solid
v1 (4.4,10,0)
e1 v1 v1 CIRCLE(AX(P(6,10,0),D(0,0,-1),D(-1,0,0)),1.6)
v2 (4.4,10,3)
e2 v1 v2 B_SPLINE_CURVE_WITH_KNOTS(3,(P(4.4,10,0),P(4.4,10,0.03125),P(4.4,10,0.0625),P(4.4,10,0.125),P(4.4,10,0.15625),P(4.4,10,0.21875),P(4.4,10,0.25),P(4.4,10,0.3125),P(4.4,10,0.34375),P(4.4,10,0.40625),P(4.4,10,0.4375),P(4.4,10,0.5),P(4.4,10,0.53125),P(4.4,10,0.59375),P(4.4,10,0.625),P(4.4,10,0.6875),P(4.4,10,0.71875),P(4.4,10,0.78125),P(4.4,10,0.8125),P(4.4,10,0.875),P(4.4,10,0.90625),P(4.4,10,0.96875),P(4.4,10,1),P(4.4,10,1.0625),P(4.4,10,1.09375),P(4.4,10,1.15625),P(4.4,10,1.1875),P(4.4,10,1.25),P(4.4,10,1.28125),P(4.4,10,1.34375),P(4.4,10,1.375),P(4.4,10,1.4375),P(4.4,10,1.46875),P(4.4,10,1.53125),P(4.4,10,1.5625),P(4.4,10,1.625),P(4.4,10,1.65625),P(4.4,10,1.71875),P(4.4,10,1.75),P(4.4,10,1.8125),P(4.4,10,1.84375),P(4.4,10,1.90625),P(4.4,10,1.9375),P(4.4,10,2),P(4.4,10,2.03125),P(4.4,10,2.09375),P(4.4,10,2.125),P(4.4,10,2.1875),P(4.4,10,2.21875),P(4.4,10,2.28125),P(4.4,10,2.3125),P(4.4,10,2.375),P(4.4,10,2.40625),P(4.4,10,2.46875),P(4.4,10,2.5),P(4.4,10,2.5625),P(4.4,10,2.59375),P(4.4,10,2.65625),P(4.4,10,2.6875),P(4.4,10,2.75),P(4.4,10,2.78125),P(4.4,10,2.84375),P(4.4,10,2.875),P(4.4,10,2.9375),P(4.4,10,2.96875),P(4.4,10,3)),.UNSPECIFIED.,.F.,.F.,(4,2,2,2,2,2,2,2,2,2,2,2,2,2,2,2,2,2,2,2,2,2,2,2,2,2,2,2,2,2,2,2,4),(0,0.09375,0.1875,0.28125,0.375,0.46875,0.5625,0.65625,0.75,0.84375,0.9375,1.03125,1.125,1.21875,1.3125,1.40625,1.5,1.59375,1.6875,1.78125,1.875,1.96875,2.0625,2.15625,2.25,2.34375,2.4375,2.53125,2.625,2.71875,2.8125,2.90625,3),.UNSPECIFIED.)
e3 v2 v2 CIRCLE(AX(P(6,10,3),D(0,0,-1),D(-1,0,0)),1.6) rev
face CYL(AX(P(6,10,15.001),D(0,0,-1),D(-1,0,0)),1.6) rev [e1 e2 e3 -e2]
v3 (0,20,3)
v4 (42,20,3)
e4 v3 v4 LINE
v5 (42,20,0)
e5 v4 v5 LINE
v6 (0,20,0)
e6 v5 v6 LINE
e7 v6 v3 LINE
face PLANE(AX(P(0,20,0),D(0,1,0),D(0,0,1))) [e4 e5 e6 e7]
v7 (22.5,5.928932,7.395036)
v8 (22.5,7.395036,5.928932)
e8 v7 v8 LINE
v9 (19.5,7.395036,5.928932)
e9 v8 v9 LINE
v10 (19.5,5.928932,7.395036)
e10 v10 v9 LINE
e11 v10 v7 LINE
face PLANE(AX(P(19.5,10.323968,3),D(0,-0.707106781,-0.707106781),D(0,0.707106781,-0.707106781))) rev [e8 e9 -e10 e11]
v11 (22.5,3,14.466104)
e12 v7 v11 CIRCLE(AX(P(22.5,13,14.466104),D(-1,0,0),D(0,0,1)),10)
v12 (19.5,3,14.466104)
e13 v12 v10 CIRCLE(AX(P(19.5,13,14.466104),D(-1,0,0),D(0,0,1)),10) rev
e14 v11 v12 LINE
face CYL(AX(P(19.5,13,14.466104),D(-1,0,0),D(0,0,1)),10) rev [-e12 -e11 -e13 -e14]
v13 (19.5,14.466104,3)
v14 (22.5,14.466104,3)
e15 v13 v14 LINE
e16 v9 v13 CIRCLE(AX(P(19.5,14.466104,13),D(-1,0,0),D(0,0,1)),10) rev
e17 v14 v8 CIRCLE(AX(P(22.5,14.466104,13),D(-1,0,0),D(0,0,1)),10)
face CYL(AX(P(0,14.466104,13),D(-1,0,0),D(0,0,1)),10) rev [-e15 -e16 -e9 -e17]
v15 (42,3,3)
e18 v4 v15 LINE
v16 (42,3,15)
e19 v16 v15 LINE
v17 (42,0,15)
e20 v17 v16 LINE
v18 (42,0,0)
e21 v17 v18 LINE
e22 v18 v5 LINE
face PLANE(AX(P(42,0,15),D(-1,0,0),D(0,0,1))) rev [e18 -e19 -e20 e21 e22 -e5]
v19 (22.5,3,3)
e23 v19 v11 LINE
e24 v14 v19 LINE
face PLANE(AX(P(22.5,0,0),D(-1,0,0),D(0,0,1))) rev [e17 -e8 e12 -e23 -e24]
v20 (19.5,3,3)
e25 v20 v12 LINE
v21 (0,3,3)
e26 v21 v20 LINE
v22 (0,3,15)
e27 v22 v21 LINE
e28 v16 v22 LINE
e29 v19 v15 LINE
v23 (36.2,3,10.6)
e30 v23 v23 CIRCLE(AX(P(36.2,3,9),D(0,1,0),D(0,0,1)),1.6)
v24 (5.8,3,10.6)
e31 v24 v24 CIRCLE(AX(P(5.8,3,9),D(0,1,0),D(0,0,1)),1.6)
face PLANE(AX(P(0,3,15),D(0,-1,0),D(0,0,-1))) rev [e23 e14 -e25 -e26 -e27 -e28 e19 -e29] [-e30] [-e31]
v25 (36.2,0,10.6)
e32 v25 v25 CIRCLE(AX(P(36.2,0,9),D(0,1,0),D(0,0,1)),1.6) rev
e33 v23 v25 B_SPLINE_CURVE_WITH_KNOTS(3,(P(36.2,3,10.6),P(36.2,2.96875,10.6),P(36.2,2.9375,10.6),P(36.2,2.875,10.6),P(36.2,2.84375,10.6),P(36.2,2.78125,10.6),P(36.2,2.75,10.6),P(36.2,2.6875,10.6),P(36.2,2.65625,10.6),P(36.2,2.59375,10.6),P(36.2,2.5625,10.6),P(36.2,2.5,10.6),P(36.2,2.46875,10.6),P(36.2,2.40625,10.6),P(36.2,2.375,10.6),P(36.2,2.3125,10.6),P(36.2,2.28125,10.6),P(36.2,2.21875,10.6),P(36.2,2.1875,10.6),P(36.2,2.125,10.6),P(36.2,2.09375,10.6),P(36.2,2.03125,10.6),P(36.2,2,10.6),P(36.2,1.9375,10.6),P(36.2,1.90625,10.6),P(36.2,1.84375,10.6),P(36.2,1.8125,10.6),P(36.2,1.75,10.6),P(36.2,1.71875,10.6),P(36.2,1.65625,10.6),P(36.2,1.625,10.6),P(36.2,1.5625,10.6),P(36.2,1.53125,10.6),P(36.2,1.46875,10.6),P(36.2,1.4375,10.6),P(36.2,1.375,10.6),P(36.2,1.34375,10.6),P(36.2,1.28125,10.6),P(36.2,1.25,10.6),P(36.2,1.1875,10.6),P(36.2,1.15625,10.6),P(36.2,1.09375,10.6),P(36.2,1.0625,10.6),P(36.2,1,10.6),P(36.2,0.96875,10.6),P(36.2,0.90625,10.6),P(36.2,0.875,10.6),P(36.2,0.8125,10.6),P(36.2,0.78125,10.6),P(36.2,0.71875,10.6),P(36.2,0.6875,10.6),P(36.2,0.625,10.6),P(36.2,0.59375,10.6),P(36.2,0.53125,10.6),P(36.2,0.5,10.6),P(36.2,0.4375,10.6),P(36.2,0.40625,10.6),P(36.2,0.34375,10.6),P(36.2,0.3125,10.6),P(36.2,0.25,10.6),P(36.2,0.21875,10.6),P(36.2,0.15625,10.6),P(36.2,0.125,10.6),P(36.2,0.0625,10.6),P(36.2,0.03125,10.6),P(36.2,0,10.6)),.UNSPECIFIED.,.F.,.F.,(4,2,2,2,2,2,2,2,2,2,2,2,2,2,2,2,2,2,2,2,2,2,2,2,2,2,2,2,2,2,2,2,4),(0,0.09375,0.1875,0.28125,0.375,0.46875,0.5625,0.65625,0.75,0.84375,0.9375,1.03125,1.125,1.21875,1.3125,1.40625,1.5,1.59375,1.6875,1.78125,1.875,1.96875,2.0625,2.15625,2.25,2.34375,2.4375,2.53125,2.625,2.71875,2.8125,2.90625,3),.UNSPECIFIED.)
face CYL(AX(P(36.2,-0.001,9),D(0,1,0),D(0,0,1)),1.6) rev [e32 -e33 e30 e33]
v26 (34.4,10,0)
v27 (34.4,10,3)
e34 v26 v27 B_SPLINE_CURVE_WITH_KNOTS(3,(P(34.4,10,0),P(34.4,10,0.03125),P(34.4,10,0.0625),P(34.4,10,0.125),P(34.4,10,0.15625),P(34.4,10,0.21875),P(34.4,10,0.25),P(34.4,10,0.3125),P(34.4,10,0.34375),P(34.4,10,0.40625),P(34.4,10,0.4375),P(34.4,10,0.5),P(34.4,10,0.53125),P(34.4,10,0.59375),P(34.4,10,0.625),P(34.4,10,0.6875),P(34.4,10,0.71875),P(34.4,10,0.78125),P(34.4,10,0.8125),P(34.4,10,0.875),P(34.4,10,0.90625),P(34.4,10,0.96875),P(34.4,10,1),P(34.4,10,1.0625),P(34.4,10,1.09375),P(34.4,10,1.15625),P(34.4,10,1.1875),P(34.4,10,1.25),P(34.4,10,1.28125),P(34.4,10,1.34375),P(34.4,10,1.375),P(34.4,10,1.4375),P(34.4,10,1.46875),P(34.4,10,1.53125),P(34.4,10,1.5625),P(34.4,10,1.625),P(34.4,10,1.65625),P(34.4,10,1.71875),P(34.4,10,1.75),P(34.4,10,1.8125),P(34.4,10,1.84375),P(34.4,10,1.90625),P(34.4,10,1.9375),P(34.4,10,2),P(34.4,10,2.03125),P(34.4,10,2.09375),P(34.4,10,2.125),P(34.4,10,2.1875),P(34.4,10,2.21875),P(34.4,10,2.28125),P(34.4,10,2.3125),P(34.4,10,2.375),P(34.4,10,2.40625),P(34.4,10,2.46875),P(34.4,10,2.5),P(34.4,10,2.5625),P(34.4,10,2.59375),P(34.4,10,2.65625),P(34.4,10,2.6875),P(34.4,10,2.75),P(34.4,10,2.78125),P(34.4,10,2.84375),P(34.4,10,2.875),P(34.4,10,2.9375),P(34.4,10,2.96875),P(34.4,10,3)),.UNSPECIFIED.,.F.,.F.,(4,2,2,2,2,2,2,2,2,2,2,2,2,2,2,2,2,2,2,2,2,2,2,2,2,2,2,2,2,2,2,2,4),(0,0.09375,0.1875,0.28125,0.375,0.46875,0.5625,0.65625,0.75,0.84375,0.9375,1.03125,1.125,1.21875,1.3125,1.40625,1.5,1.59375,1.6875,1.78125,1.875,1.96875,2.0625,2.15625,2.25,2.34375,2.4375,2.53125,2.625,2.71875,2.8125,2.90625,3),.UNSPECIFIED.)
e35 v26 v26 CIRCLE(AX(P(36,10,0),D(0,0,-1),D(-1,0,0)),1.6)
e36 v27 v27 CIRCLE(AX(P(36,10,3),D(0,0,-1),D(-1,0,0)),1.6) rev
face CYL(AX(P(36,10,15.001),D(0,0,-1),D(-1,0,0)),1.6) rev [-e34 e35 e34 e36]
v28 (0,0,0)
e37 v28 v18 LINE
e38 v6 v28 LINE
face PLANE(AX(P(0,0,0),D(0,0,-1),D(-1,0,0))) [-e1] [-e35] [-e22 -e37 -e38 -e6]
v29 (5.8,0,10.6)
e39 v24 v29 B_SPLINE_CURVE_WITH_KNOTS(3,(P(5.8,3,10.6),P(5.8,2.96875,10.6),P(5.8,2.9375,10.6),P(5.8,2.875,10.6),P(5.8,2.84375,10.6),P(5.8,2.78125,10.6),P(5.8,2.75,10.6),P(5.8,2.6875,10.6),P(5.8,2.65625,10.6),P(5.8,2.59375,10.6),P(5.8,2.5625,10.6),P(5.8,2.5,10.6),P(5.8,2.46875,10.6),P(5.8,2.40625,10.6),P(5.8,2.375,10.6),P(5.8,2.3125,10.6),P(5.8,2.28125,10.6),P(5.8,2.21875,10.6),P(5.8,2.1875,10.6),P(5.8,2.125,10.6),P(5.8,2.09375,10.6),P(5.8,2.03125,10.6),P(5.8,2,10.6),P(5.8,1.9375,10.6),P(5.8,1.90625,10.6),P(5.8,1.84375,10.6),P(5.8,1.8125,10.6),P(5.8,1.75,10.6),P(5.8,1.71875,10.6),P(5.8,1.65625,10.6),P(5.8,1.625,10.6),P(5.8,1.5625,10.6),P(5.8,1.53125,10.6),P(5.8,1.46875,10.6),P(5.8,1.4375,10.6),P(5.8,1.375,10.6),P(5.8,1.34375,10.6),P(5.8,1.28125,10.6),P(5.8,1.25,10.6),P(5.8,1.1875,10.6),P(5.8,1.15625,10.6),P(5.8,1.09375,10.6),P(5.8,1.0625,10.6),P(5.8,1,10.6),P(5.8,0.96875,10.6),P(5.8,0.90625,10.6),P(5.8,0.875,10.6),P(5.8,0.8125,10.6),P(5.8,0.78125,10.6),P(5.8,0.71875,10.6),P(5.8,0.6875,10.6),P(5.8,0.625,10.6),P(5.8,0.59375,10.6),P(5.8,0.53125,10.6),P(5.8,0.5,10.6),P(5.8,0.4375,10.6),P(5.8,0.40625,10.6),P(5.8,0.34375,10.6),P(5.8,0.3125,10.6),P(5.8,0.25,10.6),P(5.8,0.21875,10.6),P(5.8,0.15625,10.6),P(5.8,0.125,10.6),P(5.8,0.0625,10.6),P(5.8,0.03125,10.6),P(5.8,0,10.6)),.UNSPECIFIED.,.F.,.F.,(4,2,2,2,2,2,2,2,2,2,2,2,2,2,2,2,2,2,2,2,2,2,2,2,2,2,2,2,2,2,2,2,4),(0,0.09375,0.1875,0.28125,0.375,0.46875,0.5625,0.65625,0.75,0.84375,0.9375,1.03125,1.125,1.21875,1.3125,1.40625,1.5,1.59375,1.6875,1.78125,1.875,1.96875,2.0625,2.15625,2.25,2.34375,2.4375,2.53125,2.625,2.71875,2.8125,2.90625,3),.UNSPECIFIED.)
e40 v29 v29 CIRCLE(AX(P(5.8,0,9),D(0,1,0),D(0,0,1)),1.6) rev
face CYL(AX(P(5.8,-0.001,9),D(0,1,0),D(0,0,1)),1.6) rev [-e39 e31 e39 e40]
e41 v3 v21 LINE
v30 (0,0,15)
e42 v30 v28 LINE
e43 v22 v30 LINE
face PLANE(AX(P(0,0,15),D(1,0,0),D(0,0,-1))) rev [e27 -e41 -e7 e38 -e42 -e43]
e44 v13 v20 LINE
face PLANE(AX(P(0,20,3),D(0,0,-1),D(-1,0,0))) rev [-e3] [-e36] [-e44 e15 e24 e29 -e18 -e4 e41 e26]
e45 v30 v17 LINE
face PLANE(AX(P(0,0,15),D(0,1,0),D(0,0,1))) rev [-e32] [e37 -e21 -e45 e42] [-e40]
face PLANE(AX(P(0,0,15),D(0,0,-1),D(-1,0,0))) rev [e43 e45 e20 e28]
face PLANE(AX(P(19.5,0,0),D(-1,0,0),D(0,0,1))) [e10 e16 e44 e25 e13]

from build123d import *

# Parameters (mm, degrees)
SKETCH1_W           = 42
SKETCH1_H           = 3
BOSS_EXTRUDE1_DEPTH = 15
SKETCH2_W           = 42
SKETCH2_H           = 3
BOSS_EXTRUDE2_DEPTH = 17
CUT_EXTRUDE1_REACH  = 49.728
SKETCH6_R           = 1.6
CUT_EXTRUDE2_REACH  = 50.877
SKETCH7_R           = 1.6
BOSS_EXTRUDE3_DEPTH = 1.5
FILLET1_R           = 10


with BuildPart() as part:
    # Sketch1 → Boss-Extrude1 (new body)
    with BuildSketch(Plane.XY):
        with Locations((21, 1.5)):
            Rectangle(SKETCH1_W, SKETCH1_H)
    extrude(amount=BOSS_EXTRUDE1_DEPTH)

    # Sketch2 → Boss-Extrude2 (add)
    with BuildSketch(Plane(origin=(0, 3, 0), x_dir=(1, 0, 0), z_dir=(0, 1, 0))):
        with Locations((21, -1.5)):
            Rectangle(SKETCH2_W, SKETCH2_H)
    extrude(amount=BOSS_EXTRUDE2_DEPTH)

    # Sketch6 → Cut-Extrude1 (cut, up to next)
    with BuildSketch(Plane(origin=(0, 3, 0), x_dir=(1, 0, 0), z_dir=(0, 1, 0)), mode=Mode.PRIVATE) as cut_extrude1_sk1:
        with Locations(Location((5.8, -9, 0), (0, 0, 270))):
            Circle(SKETCH6_R)
    cut_extrude1_tool1 = extrude(cut_extrude1_sk1.sketch, amount=-CUT_EXTRUDE1_REACH, mode=Mode.PRIVATE) & part.part
    # Sketch6 → Cut-Extrude1 (cut, up to next)
    with BuildSketch(Plane(origin=(0, 3, 0), x_dir=(1, 0, 0), z_dir=(0, 1, 0)), mode=Mode.PRIVATE) as cut_extrude1_sk2:
        with Locations(Location((36.2, -9, 0), (0, 0, 270))):
            Circle(SKETCH6_R)
    cut_extrude1_tool2 = extrude(cut_extrude1_sk2.sketch, amount=-CUT_EXTRUDE1_REACH, mode=Mode.PRIVATE) & part.part
    add(cut_extrude1_tool1.solids().sort_by_distance((5.8, 3, 9))[0], mode=Mode.SUBTRACT)
    add(cut_extrude1_tool2.solids().sort_by_distance((36.2, 3, 9))[0], mode=Mode.SUBTRACT)

    # Sketch7 → Cut-Extrude2 (cut, up to next)
    with BuildSketch(Plane(origin=(0, 0, 0), x_dir=(-1, 0, 0), z_dir=(0, 0, -1)), mode=Mode.PRIVATE) as cut_extrude2_sk1:
        with Locations((-36, 10)):
            Circle(SKETCH7_R)
    cut_extrude2_tool1 = extrude(cut_extrude2_sk1.sketch, amount=-CUT_EXTRUDE2_REACH, mode=Mode.PRIVATE) & part.part
    # Sketch7 → Cut-Extrude2 (cut, up to next)
    with BuildSketch(Plane(origin=(0, 0, 0), x_dir=(-1, 0, 0), z_dir=(0, 0, -1)), mode=Mode.PRIVATE) as cut_extrude2_sk2:
        with Locations((-6, 10)):
            Circle(SKETCH7_R)
    cut_extrude2_tool2 = extrude(cut_extrude2_sk2.sketch, amount=-CUT_EXTRUDE2_REACH, mode=Mode.PRIVATE) & part.part
    add(cut_extrude2_tool1.solids().sort_by_distance((36, 10, 0))[0], mode=Mode.SUBTRACT)
    add(cut_extrude2_tool2.solids().sort_by_distance((6, 10, 0))[0], mode=Mode.SUBTRACT)

    # Sketch9 → Boss-Extrude3 (add, symmetric)
    with BuildSketch(Plane.ZY.offset(-21)):
        Polygon((3, 10.323968285), (10.323968285, 3), (3, 3), align=None)
    extrude(amount=BOSS_EXTRUDE3_DEPTH, both=True)

    # Fillet1
    fillet1_edges = [part.edges().sort_by_distance(p)[0] for p in [
        (21, 10.323968285, 3),
        (21, 3, 10.323968285),
    ]]
    fillet(fillet1_edges, radius=FILLET1_R)


solid = part.part
